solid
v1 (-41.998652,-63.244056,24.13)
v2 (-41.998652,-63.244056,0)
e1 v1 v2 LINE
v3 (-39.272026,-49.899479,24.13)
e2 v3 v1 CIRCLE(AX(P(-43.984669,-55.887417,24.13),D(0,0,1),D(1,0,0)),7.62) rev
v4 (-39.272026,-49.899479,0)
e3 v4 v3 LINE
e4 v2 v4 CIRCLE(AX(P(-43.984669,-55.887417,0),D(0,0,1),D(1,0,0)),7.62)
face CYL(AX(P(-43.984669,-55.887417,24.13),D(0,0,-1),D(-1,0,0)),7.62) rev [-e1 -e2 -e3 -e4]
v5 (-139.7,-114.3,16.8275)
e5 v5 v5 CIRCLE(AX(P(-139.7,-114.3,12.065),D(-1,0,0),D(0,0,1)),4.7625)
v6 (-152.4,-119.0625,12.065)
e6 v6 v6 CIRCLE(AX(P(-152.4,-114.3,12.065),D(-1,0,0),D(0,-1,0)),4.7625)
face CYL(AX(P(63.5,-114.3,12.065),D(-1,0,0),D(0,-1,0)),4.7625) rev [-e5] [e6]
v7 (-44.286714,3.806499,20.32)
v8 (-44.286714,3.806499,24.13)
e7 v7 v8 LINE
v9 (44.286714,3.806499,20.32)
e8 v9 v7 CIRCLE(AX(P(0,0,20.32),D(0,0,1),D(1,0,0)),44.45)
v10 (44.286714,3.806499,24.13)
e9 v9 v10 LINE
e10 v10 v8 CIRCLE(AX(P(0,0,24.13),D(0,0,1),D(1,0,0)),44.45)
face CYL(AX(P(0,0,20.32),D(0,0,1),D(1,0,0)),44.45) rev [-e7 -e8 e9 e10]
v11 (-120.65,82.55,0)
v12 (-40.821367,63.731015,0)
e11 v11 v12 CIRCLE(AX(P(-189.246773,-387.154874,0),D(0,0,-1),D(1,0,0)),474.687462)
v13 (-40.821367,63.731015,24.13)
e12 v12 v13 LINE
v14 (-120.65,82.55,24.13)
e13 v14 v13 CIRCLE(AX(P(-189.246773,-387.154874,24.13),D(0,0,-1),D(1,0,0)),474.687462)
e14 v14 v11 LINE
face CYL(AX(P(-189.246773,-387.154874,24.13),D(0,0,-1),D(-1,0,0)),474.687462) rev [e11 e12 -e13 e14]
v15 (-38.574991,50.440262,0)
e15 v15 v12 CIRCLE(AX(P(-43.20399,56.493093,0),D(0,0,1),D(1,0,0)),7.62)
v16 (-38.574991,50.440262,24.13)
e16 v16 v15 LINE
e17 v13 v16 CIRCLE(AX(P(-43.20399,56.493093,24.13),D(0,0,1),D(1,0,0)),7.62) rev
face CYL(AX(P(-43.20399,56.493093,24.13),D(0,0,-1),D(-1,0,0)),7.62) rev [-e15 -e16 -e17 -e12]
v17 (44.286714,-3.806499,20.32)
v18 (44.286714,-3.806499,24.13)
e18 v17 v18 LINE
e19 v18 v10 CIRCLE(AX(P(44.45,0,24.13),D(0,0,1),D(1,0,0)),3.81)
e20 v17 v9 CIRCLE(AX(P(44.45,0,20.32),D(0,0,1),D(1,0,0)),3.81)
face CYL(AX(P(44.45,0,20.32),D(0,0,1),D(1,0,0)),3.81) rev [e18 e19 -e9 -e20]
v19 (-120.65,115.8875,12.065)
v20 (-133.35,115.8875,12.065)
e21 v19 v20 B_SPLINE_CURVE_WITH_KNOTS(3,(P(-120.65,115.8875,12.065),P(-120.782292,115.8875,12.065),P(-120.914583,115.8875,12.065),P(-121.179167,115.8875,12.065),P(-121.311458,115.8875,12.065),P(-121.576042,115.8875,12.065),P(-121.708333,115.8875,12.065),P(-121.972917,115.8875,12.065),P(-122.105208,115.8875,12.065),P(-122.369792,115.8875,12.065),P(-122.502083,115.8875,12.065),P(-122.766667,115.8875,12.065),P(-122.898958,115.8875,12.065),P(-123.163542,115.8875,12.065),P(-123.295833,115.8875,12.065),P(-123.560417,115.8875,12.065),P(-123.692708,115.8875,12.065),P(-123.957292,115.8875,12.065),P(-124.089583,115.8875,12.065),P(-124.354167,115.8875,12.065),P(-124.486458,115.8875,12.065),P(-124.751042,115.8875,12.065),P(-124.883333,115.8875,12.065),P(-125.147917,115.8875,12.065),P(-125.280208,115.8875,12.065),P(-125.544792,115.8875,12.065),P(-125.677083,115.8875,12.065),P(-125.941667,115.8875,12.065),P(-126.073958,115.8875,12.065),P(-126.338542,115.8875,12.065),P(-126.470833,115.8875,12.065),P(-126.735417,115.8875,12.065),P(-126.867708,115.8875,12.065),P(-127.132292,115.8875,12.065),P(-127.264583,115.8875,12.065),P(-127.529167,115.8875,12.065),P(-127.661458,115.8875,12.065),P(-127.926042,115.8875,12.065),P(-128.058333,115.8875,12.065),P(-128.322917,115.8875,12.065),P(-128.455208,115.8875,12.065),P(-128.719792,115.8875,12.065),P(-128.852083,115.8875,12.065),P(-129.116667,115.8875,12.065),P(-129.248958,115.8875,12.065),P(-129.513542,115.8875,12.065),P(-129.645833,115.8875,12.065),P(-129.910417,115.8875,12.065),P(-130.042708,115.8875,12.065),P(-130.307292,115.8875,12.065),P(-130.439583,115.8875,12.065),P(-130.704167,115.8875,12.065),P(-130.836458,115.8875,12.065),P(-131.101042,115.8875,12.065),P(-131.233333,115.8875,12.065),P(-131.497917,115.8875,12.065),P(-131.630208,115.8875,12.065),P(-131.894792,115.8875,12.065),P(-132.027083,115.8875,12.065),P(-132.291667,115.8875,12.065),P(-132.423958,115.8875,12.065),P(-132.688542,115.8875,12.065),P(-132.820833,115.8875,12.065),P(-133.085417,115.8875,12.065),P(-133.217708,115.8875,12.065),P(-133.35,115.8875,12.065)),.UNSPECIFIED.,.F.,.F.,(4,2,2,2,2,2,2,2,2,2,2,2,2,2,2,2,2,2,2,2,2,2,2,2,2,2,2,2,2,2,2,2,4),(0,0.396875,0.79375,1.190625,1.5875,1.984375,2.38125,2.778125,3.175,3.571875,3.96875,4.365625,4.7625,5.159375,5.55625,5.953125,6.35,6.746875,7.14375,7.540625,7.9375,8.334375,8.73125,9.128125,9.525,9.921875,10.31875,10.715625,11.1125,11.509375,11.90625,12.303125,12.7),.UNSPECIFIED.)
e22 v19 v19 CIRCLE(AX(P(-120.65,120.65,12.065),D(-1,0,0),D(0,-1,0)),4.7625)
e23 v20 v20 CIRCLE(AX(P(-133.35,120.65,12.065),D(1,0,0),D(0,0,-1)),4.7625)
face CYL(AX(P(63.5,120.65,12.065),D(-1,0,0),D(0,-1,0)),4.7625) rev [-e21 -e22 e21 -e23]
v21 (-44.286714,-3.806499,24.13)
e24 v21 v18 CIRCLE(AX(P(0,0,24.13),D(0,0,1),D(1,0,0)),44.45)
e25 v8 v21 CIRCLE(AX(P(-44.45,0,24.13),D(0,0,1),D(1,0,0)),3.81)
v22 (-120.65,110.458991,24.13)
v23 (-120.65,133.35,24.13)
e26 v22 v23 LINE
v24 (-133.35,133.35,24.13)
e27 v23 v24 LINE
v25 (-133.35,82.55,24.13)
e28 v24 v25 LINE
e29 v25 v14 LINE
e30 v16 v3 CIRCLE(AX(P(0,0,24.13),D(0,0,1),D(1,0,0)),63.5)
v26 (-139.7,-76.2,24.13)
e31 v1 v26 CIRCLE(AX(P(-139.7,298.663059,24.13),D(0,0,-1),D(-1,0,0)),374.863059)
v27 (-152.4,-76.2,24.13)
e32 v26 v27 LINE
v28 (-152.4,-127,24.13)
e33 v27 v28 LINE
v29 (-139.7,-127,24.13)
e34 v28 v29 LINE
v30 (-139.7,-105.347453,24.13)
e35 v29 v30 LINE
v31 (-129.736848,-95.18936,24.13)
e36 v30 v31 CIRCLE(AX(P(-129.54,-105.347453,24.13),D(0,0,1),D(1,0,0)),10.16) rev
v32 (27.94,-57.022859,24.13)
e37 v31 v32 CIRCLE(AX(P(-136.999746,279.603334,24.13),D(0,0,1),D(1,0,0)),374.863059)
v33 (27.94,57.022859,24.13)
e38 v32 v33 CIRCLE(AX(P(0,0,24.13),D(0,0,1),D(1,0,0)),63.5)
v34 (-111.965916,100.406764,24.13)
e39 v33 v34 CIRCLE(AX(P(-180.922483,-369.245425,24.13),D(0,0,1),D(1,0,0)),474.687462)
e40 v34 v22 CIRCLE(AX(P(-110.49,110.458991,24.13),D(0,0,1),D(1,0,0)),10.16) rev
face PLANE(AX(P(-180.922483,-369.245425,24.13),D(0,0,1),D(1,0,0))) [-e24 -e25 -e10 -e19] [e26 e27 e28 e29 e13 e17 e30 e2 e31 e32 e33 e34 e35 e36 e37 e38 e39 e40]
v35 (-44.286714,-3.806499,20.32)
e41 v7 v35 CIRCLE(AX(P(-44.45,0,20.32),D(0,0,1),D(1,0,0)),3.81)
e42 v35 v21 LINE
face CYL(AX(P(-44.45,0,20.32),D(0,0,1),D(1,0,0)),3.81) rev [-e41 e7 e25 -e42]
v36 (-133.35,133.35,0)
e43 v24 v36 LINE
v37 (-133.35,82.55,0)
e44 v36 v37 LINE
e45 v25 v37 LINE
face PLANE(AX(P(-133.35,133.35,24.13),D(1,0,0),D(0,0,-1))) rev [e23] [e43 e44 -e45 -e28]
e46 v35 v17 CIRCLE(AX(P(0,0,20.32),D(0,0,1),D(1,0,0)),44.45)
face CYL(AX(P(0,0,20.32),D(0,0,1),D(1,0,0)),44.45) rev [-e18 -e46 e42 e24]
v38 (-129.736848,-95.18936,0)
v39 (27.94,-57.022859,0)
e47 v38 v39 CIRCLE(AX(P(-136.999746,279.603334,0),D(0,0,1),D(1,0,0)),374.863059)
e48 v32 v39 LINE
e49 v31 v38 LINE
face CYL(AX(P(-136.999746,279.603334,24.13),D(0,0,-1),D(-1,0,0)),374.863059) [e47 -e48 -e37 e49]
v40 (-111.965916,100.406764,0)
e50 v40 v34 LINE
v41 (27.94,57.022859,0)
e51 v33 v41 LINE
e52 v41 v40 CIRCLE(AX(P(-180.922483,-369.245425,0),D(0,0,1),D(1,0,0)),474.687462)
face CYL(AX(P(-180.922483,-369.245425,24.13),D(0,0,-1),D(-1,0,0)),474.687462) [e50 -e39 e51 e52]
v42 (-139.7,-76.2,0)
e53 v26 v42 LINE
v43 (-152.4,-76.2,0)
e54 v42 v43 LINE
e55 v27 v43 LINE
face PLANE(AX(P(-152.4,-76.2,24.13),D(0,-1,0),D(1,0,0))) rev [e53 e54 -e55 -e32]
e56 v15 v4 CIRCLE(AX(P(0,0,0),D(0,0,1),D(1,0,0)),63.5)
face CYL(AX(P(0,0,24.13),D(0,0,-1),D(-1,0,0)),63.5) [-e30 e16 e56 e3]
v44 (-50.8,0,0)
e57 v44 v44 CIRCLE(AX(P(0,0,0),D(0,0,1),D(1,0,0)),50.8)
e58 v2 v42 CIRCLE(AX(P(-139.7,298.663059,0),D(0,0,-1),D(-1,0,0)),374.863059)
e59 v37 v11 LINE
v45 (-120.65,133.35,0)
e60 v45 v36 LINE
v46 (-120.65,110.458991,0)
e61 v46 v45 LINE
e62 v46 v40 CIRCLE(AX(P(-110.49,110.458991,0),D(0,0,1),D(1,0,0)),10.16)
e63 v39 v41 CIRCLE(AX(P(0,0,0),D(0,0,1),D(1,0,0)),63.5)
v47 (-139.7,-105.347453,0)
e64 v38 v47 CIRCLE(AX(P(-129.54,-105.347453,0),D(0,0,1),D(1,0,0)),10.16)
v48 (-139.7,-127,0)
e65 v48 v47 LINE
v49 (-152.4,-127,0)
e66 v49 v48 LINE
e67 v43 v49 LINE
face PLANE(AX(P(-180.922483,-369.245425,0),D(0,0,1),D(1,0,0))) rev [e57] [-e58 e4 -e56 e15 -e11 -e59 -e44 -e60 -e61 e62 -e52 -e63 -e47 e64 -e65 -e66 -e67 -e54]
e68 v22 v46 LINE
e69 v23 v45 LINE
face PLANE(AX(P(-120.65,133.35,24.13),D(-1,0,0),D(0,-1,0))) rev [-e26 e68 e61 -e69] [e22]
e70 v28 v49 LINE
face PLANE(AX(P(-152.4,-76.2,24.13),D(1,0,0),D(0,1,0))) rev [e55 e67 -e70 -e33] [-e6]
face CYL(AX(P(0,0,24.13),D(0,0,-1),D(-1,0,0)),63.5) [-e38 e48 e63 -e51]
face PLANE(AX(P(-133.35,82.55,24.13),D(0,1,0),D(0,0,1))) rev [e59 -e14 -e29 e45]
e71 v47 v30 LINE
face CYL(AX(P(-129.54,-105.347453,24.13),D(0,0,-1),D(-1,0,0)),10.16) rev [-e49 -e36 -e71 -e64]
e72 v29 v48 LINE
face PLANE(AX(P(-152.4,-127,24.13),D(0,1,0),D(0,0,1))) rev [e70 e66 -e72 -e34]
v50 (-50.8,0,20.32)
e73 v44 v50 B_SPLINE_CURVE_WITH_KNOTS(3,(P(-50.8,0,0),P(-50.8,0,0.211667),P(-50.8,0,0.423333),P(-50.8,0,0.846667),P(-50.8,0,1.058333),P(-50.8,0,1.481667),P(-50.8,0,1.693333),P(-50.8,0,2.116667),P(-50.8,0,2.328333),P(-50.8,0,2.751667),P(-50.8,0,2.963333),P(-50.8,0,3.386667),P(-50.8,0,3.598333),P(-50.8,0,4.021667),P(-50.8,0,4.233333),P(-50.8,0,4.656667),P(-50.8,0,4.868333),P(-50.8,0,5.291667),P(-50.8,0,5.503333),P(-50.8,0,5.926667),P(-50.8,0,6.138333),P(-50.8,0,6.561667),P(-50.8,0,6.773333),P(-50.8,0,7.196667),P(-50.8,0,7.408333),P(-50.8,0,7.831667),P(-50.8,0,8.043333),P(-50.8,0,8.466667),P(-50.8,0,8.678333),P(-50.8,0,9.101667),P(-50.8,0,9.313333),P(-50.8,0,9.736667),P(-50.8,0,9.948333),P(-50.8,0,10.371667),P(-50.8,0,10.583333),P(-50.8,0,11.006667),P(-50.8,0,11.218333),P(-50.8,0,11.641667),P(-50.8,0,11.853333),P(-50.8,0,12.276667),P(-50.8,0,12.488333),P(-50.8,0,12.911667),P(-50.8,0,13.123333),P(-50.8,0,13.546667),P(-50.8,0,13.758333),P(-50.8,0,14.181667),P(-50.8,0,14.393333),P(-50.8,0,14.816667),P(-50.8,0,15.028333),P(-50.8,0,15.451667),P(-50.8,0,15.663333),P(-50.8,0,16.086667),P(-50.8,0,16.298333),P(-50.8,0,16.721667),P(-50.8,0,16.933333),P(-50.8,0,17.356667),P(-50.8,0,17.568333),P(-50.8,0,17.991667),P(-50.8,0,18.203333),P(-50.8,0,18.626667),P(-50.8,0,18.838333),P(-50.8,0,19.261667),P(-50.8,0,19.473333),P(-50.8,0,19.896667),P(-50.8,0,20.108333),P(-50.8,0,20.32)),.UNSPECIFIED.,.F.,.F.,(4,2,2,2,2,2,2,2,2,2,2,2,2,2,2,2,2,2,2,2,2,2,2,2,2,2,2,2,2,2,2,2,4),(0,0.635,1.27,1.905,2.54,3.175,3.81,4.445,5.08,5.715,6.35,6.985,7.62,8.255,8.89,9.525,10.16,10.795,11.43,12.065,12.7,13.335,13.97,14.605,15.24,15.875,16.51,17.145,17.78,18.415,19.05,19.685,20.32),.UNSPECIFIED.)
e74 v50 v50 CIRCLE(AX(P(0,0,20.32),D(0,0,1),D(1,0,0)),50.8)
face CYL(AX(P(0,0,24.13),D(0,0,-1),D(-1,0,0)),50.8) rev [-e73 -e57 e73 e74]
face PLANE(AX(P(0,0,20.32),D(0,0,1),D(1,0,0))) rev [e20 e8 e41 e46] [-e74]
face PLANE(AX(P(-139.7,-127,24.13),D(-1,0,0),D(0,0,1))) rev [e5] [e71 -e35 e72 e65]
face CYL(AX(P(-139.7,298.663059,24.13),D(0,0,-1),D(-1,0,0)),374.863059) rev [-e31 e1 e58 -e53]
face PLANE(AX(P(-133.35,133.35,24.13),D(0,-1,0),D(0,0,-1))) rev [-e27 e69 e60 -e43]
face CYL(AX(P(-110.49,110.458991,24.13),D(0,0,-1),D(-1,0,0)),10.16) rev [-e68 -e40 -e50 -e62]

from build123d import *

# Parameters (mm, degrees)
SKETCH1_R           = 50.8
BOSS_EXTRUDE1_DEPTH = 24.13
FILLET1_R           = 10.16
FILLET3_R           = 7.62
SKETCH2_R           = 4.7625
CUT_EXTRUDE1_DEPTH  = 255.906432784
BOSS_EXTRUDE2_START = -3.81
SKETCH3_R           = 50.8
BOSS_EXTRUDE2_DEPTH = 3.81


with BuildPart() as part:
    # Sketch1 → Boss-Extrude1 (new body)
    with BuildSketch(Plane.XY):
        with BuildLine():
            Line((-133.35, 133.35), (-133.35, 82.55))
            Line((-133.35, 82.55), (-120.65, 82.55))
            ThreePointArc((-120.65, 82.55), (-72.294267859, 72.899793875), (-25.200511476, 58.285368844))
            ThreePointArc((-25.200511476, 58.285368844), (-63.5, 0), (-25.200511476, -58.285368844))
            ThreePointArc((-25.200511476, -58.285368844), (-81.753760084, -71.69426344), (-139.7, -76.2))
            Line((-139.7, -76.2), (-152.4, -76.2))
            Line((-152.4, -76.2), (-152.4, -127))
            Line((-152.4, -127), (-139.7, -127))
            Line((-139.7, -127), (-139.7, -95.25))
            ThreePointArc((-139.7, -95.25), (-53.65862904, -85.877953603), (27.94, -57.022858574))
            ThreePointArc((27.94, -57.022858574), (63.5, 0), (27.94, 57.022858574))
            ThreePointArc((27.94, 57.022858574), (-44.521647721, 85.422584161), (-120.65, 101.6))
            Line((-120.65, 101.6), (-120.65, 133.35))
            Line((-120.65, 133.35), (-133.35, 133.35))
        make_face()
        with Locations(Location((0, 0, 0), (0, 0, 180))):
            Circle(SKETCH1_R, mode=Mode.SUBTRACT)
    extrude(amount=BOSS_EXTRUDE1_DEPTH)

    # Fillet1
    fillet1_edges = [part.edges().sort_by_distance(p)[0] for p in [
        (-120.65, 101.6, 12.065),
        (-139.7, -95.25, 12.065),
    ]]
    fillet(fillet1_edges, radius=FILLET1_R)

    # Fillet3
    fillet3_edges = [part.edges().sort_by_distance(p)[0] for p in [
        (-25.200511476, -58.285368844, 12.065),
        (-25.200511476, 58.285368844, 12.065),
    ]]
    fillet(fillet3_edges, radius=FILLET3_R)

    # Sketch2 → Cut-Extrude1 (cut, through all)
    with BuildSketch(Plane.ZY.offset(152.4)):
        with Locations(Location((12.065, -114.3, 0), (0, 0, 270))):
            Circle(SKETCH2_R)
        with Locations(Location((12.065, 120.65, 0), (0, 0, 270))):
            Circle(SKETCH2_R)
    extrude(amount=-CUT_EXTRUDE1_DEPTH, mode=Mode.SUBTRACT)

    # Sketch3 → Boss-Extrude2 (add)
    with BuildSketch(Plane.XY.offset(24.13).offset(BOSS_EXTRUDE2_START)):
        with Locations(Location((0, 0, 0), (0, 0, 180))):
            Circle(SKETCH3_R)
        with BuildLine():
            ThreePointArc((-44.286714286, -3.806499412), (0, -44.45), (44.286714286, -3.806499412))
            ThreePointArc((44.286714286, -3.806499412), (48.26, 0), (44.286714286, 3.806499412))
            ThreePointArc((44.286714286, 3.806499412), (0, 44.45), (-44.286714286, 3.806499412))
            ThreePointArc((-44.286714286, 3.806499412), (-48.26, 0), (-44.286714286, -3.806499412))
        make_face(mode=Mode.SUBTRACT)
    extrude(amount=BOSS_EXTRUDE2_DEPTH)


solid = part.part
